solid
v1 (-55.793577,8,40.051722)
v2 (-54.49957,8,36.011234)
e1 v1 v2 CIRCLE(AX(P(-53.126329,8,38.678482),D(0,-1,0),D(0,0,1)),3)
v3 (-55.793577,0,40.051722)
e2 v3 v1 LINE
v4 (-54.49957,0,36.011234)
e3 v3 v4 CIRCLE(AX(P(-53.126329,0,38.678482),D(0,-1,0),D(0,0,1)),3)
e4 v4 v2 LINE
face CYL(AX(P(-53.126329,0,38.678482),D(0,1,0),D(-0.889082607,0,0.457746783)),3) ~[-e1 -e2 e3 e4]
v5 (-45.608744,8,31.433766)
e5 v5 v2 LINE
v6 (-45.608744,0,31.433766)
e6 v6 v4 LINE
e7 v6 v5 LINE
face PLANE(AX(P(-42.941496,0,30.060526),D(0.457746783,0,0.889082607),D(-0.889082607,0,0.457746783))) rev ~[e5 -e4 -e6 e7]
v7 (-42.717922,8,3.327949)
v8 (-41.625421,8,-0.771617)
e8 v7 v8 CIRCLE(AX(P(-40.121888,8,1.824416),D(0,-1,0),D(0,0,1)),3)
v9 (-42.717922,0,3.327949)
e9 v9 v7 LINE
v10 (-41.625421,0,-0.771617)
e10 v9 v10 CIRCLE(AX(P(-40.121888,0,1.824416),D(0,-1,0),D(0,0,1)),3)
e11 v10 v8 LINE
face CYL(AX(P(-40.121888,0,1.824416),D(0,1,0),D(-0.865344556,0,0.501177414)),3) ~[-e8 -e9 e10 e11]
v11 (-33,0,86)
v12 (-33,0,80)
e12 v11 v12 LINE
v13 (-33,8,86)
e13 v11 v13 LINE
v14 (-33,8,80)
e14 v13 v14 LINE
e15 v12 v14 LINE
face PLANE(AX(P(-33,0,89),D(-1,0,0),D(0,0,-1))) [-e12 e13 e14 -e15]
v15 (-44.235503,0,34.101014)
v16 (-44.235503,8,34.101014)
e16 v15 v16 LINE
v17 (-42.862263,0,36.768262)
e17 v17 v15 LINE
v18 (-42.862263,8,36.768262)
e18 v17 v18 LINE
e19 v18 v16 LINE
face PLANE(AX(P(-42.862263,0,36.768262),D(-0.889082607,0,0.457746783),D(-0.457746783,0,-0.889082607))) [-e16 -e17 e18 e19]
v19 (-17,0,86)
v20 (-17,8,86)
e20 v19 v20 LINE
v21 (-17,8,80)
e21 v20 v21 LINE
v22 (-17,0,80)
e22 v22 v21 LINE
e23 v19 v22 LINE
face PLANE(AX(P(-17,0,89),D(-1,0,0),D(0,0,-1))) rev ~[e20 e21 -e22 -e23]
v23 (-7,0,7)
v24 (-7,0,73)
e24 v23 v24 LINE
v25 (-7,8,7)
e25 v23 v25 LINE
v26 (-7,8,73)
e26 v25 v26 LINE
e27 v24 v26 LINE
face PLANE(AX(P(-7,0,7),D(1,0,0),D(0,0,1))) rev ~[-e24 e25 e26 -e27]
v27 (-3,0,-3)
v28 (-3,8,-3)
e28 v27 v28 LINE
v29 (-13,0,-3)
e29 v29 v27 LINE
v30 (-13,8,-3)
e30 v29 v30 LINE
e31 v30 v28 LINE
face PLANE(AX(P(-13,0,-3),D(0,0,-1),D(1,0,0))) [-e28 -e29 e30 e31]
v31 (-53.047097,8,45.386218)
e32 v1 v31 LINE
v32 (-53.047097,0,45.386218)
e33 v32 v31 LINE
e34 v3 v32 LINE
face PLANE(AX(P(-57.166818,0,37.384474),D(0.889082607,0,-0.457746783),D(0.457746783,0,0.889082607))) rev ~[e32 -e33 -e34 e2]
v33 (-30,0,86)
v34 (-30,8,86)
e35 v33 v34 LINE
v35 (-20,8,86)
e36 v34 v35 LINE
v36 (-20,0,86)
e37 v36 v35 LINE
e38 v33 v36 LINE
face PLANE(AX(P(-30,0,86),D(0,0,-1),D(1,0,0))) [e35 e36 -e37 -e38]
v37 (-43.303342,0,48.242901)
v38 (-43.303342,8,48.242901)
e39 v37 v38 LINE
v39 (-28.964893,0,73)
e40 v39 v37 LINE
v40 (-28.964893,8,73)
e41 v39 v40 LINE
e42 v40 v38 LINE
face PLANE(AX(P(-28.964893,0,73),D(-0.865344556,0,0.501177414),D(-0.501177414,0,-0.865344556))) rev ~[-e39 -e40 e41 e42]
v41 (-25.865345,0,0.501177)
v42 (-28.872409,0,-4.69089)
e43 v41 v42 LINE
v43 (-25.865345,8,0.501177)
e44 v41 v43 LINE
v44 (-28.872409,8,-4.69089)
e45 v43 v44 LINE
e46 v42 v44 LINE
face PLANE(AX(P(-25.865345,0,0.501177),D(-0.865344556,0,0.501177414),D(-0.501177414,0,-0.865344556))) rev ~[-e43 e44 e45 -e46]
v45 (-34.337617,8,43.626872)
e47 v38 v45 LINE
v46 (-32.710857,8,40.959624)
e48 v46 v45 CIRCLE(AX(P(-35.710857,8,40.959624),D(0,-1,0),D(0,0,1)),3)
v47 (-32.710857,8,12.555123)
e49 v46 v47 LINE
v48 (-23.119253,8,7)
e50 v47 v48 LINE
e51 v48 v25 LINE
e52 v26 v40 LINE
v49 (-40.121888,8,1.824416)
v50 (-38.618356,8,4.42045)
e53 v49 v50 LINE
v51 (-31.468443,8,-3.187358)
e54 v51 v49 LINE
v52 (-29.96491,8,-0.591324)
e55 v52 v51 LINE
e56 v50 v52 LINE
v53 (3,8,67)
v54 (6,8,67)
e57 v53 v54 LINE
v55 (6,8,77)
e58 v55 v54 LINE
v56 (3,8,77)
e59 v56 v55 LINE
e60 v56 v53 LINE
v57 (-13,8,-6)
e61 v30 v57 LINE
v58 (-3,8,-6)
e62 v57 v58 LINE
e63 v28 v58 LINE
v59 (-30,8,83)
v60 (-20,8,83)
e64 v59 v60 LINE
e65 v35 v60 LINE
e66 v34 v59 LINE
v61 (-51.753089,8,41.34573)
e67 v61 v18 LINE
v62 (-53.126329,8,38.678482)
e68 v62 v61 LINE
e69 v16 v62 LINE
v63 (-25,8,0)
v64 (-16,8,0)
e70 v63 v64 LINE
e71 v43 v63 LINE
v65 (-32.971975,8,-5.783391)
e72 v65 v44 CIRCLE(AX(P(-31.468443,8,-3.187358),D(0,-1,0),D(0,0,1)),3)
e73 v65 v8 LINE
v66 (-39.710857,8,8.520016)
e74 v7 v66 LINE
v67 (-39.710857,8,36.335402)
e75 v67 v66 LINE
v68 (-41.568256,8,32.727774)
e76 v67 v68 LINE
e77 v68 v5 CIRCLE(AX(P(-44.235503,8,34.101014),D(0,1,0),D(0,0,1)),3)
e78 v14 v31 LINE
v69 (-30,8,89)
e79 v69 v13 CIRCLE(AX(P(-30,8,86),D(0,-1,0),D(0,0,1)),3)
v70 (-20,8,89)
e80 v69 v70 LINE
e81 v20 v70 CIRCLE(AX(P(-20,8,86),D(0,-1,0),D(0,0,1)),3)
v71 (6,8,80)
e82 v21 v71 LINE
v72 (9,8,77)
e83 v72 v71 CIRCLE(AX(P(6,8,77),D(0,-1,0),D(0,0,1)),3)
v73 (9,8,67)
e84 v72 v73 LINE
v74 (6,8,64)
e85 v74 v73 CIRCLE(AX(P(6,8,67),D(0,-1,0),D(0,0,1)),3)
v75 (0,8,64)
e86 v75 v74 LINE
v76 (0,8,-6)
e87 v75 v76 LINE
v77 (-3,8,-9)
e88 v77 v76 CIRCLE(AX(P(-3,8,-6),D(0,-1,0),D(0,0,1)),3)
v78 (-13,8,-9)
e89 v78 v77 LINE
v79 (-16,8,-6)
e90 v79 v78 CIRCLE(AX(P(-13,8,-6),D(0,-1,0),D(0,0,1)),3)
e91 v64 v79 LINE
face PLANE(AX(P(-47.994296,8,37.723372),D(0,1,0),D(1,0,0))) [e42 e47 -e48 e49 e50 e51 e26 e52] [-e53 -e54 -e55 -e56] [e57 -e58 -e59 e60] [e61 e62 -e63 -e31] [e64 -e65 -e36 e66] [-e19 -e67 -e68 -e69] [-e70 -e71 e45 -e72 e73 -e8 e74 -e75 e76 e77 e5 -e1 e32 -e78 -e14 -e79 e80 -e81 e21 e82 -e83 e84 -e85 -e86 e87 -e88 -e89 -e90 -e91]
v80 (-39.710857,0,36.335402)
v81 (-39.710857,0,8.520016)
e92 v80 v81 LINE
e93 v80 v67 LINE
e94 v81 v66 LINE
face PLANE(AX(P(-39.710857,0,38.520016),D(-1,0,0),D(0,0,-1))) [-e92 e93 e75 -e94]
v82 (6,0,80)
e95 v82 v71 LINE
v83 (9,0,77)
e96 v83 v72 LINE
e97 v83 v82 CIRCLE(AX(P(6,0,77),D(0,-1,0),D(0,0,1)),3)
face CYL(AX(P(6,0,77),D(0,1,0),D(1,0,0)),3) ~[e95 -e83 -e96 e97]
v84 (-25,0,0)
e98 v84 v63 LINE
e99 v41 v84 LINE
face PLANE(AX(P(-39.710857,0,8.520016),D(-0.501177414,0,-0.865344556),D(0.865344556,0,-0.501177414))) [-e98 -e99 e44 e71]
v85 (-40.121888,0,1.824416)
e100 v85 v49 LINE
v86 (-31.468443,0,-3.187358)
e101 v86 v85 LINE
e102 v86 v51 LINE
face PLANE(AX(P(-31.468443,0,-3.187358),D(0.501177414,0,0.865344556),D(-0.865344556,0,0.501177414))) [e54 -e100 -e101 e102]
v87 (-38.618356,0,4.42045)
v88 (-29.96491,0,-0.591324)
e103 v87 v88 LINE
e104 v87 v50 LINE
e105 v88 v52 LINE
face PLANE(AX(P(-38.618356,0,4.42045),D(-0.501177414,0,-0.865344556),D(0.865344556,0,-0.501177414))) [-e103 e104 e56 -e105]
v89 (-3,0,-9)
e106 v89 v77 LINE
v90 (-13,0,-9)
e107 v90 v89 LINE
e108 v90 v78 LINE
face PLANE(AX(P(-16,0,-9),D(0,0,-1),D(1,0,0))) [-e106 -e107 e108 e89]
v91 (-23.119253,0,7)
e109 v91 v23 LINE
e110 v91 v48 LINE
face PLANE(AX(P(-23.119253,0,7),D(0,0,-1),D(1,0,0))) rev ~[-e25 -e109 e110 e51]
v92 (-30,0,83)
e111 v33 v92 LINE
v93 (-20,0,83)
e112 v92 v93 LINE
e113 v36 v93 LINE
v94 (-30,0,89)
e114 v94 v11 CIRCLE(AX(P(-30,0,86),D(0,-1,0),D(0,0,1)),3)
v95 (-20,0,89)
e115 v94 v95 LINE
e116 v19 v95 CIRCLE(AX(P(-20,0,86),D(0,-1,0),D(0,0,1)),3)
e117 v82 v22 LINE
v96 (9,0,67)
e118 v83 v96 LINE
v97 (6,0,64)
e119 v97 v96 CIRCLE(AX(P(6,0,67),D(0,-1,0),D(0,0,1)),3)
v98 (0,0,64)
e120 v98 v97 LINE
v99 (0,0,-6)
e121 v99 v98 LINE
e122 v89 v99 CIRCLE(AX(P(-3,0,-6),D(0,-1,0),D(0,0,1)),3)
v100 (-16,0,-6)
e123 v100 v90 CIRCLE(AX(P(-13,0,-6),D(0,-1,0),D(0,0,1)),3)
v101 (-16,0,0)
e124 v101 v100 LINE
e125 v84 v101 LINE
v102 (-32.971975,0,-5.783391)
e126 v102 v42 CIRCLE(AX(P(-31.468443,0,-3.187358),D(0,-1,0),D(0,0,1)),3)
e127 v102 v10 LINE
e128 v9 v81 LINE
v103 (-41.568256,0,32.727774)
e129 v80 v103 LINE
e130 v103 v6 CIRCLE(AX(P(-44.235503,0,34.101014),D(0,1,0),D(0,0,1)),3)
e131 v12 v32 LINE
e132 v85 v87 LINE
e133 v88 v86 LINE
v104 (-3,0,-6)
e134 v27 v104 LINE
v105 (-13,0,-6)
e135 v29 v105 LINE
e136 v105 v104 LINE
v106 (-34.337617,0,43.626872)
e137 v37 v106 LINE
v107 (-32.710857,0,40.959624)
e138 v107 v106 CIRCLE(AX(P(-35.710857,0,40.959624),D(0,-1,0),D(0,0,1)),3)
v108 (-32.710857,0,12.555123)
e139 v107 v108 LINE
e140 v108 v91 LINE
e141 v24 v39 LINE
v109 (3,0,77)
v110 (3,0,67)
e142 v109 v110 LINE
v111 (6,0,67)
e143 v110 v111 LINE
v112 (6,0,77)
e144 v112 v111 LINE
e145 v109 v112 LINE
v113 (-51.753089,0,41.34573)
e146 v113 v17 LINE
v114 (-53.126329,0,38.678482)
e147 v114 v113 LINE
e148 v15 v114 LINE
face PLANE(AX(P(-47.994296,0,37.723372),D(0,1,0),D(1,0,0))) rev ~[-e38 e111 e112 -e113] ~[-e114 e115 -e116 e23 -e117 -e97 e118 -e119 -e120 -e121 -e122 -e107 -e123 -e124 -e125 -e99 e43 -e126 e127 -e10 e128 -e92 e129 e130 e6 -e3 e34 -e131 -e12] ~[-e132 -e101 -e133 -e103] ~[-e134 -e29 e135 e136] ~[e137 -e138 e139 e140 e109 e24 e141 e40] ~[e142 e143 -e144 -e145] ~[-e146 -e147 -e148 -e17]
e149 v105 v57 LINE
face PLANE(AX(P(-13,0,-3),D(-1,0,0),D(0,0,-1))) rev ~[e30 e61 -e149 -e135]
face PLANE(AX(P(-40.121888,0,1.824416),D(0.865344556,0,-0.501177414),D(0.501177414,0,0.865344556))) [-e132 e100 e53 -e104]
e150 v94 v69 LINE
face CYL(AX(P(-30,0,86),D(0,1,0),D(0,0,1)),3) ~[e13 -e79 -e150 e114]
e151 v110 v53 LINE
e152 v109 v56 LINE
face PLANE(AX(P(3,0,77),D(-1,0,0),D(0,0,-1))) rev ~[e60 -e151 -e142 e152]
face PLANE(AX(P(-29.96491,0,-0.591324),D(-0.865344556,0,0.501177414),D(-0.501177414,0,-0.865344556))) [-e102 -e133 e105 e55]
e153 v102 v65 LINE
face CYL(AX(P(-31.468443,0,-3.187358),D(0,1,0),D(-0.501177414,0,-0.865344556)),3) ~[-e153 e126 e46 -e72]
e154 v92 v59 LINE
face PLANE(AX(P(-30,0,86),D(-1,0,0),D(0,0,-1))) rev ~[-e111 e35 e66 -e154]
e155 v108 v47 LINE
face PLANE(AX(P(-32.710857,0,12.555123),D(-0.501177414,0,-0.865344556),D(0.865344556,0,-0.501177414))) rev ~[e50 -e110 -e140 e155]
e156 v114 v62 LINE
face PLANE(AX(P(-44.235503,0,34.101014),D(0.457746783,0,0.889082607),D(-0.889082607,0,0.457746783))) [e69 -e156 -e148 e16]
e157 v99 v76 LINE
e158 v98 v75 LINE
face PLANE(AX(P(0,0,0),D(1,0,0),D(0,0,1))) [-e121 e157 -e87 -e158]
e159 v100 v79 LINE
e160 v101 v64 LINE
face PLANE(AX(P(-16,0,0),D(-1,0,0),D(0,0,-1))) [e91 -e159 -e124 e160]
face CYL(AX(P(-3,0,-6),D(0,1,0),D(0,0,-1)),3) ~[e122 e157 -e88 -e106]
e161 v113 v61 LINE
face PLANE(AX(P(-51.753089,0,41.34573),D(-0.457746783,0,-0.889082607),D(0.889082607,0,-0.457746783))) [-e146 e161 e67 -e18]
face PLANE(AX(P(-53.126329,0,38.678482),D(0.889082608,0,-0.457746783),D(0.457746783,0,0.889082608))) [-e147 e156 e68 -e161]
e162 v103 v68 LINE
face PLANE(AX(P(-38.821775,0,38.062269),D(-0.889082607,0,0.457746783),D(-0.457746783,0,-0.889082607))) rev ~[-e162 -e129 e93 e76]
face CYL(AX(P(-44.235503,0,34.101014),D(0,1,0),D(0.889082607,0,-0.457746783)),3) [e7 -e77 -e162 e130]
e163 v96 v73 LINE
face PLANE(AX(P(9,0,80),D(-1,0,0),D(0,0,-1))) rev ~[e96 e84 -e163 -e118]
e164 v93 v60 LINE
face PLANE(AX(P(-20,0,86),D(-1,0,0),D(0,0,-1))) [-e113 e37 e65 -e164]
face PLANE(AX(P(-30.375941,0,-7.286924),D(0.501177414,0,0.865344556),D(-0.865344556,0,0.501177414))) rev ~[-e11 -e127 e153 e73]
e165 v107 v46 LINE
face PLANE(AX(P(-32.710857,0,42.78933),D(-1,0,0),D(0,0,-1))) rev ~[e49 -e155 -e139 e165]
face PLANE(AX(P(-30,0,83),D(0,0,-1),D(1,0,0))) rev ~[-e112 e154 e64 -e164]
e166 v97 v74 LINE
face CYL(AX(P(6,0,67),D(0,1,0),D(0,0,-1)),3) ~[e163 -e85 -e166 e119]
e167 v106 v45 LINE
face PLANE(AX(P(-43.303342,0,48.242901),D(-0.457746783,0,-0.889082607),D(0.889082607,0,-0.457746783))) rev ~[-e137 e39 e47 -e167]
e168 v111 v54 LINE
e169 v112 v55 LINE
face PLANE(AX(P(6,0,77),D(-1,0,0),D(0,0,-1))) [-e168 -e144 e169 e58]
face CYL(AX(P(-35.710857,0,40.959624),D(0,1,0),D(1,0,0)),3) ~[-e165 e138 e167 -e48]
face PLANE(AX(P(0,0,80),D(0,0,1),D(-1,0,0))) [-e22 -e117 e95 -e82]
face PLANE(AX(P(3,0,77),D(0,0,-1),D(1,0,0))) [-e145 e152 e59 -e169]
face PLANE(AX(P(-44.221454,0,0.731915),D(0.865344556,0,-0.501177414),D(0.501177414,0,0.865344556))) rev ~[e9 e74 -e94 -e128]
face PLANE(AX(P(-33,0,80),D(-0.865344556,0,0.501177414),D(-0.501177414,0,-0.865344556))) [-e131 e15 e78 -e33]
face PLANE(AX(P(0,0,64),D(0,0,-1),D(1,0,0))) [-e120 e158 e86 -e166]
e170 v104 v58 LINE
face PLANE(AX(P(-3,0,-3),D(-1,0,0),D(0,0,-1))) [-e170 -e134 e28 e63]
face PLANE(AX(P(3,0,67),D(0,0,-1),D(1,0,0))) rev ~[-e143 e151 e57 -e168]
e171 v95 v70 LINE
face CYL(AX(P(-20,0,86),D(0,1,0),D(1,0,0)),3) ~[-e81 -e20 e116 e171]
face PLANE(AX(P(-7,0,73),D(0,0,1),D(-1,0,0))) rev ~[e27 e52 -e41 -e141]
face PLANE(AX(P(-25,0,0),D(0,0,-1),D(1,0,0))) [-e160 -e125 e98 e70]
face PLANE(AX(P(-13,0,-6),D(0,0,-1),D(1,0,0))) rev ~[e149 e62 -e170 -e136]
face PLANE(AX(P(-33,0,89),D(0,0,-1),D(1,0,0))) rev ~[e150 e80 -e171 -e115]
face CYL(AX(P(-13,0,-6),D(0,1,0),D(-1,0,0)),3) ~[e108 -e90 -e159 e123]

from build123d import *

# Parameters (mm, degrees)
BOSS_EXTRUDE1_DEPTH = 8
SKETCH2_W           = 16
SKETCH2_H           = 9
SKETCH2_W_2         = 10
SKETCH2_H_2         = 3
SKETCH2_W_3         = 9
SKETCH2_H_3         = 16
SKETCH2_W_4         = 3
SKETCH2_H_4         = 10
BOSS_EXTRUDE2_DEPTH = 8
FILLET1_R           = 3


with BuildPart() as part:
    # Sketch1 → Boss-Extrude1 (new body)
    with BuildSketch(Plane(origin=(0, 0, 0), x_dir=(1, 0, 0), z_dir=(0, 1, 0))):
        Polygon((-25, 0), (0, 0), (0, -80), (-33, -80), (-53.047096556, -45.386217778), (-39.710857444, -38.520016036), (-39.710857444, -8.520016036), align=None)
        Polygon((-23.119252614, -7), (-7, -7), (-7, -73), (-28.964892735, -73), (-43.303341696, -48.242901217), (-32.710857444, -42.789329696), (-32.710857444, -12.555123301), align=None, mode=Mode.SUBTRACT)
    extrude(amount=BOSS_EXTRUDE1_DEPTH)

    # Sketch2 → Boss-Extrude2 (add)
    # profile 1 of 5: a face of its own
    with BuildSketch(Plane(origin=(0, 0, 0), x_dir=(1, 0, 0), z_dir=(0, 1, 0))):
        Polygon((-53.047096556, -45.386217778), (-38.821774837, -38.062269253), (-42.941495882, -30.060525786), (-57.166817601, -37.384474311), align=None)
        Polygon((-51.753089082, -41.345729608), (-42.862263008, -36.768261779), (-44.235503356, -34.101013957), (-53.12632943, -38.678481785), align=None, mode=Mode.SUBTRACT)
    # profile 2 of 5: a face of its own
    with BuildSketch(Plane(origin=(0, 0, 0), x_dir=(1, 0, 0), z_dir=(0, 1, 0))):
        Polygon((-39.710857444, -8.520016036), (-25.865344556, -0.501177414), (-30.375941281, 7.286923586), (-44.221454169, -0.731915036), align=None)
        Polygon((-38.618356019, -4.420450128), (-29.964910464, 0.591324011), (-31.468442706, 3.187357678), (-40.121888261, -1.824416461), align=None, mode=Mode.SUBTRACT)
    # profile 3 of 5: a face of its own
    with BuildSketch(Plane(origin=(0, 0, 0), x_dir=(1, 0, 0), z_dir=(0, 1, 0))):
        with Locations((-8, 4.5)):
            Rectangle(SKETCH2_W, SKETCH2_H)
        with Locations((-8, 4.5)):
            Rectangle(SKETCH2_W_2, SKETCH2_H_2, mode=Mode.SUBTRACT)
    # profile 4 of 5: a face of its own
    with BuildSketch(Plane(origin=(0, 0, 0), x_dir=(1, 0, 0), z_dir=(0, 1, 0))):
        with Locations((-25, -84.5)):
            Rectangle(SKETCH2_W, SKETCH2_H)
        with Locations((-25, -84.5)):
            Rectangle(SKETCH2_W_2, SKETCH2_H_2, mode=Mode.SUBTRACT)
    # profile 5 of 5: a face of its own
    with BuildSketch(Plane(origin=(0, 0, 0), x_dir=(1, 0, 0), z_dir=(0, 1, 0))):
        with Locations((4.5, -72)):
            Rectangle(SKETCH2_W_3, SKETCH2_H_3)
        with Locations((4.5, -72)):
            Rectangle(SKETCH2_W_4, SKETCH2_H_4, mode=Mode.SUBTRACT)
    extrude(amount=BOSS_EXTRUDE2_DEPTH)

    # Fillet1
    fillet1_edges = [part.edges().sort_by_distance(p)[0] for p in [
        (0, 4, -9),
        (-16, 4, -9),
        (9, 4, 64),
        (9, 4, 80),
        (-32.710857444, 4, 42.789329696),
        (-42.941495882, 4, 30.060525786),
        (-57.166817601, 4, 37.384474311),
        (-30.375941281, 4, -7.286923586),
        (-44.221454169, 4, 0.731915036),
        (-17, 4, 89),
        (-33, 4, 89),
    ]]
    fillet(fillet1_edges, radius=FILLET1_R)


solid = part.part
